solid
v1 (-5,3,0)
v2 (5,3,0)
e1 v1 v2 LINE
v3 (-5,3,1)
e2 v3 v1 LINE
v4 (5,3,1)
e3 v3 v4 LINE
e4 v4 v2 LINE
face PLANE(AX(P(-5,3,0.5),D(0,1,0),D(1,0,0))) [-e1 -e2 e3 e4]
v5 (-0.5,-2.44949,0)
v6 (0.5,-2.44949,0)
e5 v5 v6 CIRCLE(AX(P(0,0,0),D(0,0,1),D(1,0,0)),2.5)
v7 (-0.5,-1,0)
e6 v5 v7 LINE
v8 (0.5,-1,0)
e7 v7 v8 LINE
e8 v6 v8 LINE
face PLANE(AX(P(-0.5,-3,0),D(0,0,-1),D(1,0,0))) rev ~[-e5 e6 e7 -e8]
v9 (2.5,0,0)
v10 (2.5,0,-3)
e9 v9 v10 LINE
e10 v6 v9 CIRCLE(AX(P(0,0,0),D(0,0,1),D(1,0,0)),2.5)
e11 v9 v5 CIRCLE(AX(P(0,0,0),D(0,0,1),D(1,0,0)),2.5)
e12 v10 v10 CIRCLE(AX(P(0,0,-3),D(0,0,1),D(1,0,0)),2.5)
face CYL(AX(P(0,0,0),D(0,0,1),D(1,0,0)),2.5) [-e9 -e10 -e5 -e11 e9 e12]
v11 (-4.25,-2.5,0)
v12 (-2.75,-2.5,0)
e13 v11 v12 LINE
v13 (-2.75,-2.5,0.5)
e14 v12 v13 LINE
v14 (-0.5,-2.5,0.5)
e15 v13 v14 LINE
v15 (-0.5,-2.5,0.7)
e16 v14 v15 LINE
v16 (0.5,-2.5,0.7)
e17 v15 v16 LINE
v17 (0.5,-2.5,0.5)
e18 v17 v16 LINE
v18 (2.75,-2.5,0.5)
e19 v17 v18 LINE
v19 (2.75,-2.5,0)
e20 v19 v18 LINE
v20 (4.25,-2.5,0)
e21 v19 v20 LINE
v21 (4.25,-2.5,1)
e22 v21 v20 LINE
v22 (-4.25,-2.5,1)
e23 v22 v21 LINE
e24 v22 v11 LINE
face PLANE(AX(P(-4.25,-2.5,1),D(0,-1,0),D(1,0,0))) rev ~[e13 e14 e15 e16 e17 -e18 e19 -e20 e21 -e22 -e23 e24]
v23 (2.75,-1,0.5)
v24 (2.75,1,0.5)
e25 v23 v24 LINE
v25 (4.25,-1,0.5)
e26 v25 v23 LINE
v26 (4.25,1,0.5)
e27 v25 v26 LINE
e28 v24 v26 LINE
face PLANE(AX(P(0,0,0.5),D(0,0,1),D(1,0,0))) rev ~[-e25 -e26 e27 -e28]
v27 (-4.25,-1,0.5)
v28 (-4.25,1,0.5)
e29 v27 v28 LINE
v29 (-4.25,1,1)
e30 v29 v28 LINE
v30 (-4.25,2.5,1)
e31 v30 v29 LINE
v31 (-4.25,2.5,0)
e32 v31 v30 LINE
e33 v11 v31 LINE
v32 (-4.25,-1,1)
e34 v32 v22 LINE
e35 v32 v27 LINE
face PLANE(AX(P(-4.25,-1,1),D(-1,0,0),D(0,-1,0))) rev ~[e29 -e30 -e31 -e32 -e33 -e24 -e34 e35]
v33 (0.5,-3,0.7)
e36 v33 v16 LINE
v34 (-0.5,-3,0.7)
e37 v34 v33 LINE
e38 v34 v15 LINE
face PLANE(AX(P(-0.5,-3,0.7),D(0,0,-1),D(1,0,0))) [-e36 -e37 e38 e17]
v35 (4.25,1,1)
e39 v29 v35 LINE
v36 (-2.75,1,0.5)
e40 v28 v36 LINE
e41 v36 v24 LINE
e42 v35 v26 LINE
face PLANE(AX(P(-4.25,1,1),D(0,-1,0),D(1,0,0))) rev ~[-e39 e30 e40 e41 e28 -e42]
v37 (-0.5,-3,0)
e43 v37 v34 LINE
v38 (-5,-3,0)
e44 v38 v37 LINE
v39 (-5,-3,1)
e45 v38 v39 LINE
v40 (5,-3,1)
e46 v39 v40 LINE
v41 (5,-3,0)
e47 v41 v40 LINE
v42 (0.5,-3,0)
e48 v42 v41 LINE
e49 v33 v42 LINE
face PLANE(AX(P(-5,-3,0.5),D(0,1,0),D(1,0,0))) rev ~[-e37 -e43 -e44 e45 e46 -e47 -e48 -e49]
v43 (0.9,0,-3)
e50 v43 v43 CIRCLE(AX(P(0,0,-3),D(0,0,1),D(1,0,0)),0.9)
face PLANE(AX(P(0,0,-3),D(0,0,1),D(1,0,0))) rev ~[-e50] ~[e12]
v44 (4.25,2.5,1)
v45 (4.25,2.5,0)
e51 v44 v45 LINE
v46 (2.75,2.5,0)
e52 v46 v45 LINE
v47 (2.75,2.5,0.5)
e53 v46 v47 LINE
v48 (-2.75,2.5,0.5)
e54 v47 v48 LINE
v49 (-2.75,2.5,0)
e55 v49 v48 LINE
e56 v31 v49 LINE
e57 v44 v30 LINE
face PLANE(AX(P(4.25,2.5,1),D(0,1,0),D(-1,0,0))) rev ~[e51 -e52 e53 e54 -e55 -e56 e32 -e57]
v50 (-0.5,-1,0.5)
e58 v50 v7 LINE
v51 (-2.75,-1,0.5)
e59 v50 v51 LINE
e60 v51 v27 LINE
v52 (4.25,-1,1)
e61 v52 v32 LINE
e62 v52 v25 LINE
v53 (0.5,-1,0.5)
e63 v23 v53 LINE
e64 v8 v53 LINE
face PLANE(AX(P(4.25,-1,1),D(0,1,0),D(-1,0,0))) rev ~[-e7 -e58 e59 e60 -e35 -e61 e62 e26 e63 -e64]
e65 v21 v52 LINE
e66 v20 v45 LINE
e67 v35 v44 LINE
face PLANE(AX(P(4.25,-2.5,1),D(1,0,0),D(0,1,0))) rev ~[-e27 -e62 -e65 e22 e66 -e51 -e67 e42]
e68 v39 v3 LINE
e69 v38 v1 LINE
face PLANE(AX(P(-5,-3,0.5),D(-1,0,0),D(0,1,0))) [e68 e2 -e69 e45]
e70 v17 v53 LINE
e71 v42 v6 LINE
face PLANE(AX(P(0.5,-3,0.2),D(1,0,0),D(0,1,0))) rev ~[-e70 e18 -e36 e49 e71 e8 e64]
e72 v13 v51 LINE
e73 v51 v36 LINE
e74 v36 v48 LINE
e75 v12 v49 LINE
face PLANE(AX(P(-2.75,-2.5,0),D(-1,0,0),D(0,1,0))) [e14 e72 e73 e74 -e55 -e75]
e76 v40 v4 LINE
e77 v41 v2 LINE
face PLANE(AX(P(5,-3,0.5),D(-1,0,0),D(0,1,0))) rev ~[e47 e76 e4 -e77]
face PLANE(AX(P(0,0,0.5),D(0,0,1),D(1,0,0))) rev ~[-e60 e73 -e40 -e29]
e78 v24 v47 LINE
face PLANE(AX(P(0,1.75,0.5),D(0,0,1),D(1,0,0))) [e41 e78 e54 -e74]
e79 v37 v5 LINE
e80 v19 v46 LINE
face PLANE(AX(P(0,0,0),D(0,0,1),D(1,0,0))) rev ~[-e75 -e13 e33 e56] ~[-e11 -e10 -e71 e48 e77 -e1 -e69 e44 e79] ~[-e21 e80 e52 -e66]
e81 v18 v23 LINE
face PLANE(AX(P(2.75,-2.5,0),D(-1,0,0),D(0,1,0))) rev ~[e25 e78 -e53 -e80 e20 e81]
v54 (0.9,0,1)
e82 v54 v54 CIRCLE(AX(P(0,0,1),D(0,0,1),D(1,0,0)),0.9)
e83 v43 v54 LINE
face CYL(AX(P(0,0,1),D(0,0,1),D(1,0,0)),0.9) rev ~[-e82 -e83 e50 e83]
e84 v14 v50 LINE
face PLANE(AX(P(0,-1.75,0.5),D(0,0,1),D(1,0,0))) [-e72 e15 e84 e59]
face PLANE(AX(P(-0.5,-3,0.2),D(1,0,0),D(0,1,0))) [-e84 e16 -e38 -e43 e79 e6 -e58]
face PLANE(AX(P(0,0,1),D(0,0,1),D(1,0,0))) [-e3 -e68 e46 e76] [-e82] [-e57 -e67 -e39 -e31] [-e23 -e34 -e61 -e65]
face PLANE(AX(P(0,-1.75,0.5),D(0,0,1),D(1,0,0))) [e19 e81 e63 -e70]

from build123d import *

# Parameters (mm, degrees)
F0_W      = 10
F0_H      = 6
F0_W_2    = 1.5
F0_H_2    = 5
F1_DEPTH  = 0.5
F2_W      = 10
F2_H      = 6
F3_DEPTH  = 0.5
F5_DEPTH  = 0.5
F6_W      = 1
F6_H      = 0.5
F7_DEPTH  = 2
F8_R      = 2.5
F8_R_2    = 0.9
F9_DEPTH  = 3
F10_R     = 0.9
F11_DEPTH = 4.001
F12_DEPTH = 0.2


with BuildPart() as f1:
    # F0 (on Top) → F1 (new body)
    with BuildSketch(Plane.XY):
        Rectangle(F0_W, F0_H)
        with Locations((-3.5, 0)):
            Rectangle(F0_W_2, F0_H_2, mode=Mode.SUBTRACT)
        with Locations((3.5, 0)):
            Rectangle(F0_W_2, F0_H_2, mode=Mode.SUBTRACT)
    extrude(amount=F1_DEPTH)

    # F2 (on face) → F3 (join)
    with BuildSketch(Plane.XY.offset(0.5)):
        Rectangle(F2_W, F2_H)
    extrude(amount=F3_DEPTH)

    # F4 (on face) → F5 (cut)
    with BuildSketch(Plane.XY.offset(1)):
        Polygon((-4.25, -1), (-4.25, -2.5), (-2.75, -2.5), (2.75, -2.5), (4.25, -2.5), (4.25, -1), align=None)
        Polygon((-4.25, 2.5), (-4.25, 1), (4.25, 1), (4.25, 2.5), (2.75, 2.5), (-2.75, 2.5), align=None)
    extrude(amount=-F5_DEPTH, mode=Mode.SUBTRACT)

    # F6 (on face) → F7 (cut, through all)
    with BuildSketch(Plane.XZ.offset(3)):
        with Locations((0, 0.45)):
            Rectangle(F6_W, F6_H)
    extrude(amount=-F7_DEPTH, mode=Mode.SUBTRACT)

    # F8 (on face) → F9 (join)
    with BuildSketch(Plane.XY):
        Circle(F8_R)
        Circle(F8_R_2, mode=Mode.SUBTRACT)
    extrude(amount=-F9_DEPTH)

    # F10 (on face) → F11 (cut, through all)
    with BuildSketch(Plane.XY.offset(1)):
        Circle(F10_R)
    extrude(amount=-F11_DEPTH, mode=Mode.SUBTRACT)

    # F12 (cut, through all): a face of the model
    f12_faces = [f1.faces().sort_by_distance(p)[0] for p in [
        (0, -2, 0.2),
    ]]
    extrude(f12_faces, amount=-F12_DEPTH, mode=Mode.SUBTRACT)


solid = f1.part
